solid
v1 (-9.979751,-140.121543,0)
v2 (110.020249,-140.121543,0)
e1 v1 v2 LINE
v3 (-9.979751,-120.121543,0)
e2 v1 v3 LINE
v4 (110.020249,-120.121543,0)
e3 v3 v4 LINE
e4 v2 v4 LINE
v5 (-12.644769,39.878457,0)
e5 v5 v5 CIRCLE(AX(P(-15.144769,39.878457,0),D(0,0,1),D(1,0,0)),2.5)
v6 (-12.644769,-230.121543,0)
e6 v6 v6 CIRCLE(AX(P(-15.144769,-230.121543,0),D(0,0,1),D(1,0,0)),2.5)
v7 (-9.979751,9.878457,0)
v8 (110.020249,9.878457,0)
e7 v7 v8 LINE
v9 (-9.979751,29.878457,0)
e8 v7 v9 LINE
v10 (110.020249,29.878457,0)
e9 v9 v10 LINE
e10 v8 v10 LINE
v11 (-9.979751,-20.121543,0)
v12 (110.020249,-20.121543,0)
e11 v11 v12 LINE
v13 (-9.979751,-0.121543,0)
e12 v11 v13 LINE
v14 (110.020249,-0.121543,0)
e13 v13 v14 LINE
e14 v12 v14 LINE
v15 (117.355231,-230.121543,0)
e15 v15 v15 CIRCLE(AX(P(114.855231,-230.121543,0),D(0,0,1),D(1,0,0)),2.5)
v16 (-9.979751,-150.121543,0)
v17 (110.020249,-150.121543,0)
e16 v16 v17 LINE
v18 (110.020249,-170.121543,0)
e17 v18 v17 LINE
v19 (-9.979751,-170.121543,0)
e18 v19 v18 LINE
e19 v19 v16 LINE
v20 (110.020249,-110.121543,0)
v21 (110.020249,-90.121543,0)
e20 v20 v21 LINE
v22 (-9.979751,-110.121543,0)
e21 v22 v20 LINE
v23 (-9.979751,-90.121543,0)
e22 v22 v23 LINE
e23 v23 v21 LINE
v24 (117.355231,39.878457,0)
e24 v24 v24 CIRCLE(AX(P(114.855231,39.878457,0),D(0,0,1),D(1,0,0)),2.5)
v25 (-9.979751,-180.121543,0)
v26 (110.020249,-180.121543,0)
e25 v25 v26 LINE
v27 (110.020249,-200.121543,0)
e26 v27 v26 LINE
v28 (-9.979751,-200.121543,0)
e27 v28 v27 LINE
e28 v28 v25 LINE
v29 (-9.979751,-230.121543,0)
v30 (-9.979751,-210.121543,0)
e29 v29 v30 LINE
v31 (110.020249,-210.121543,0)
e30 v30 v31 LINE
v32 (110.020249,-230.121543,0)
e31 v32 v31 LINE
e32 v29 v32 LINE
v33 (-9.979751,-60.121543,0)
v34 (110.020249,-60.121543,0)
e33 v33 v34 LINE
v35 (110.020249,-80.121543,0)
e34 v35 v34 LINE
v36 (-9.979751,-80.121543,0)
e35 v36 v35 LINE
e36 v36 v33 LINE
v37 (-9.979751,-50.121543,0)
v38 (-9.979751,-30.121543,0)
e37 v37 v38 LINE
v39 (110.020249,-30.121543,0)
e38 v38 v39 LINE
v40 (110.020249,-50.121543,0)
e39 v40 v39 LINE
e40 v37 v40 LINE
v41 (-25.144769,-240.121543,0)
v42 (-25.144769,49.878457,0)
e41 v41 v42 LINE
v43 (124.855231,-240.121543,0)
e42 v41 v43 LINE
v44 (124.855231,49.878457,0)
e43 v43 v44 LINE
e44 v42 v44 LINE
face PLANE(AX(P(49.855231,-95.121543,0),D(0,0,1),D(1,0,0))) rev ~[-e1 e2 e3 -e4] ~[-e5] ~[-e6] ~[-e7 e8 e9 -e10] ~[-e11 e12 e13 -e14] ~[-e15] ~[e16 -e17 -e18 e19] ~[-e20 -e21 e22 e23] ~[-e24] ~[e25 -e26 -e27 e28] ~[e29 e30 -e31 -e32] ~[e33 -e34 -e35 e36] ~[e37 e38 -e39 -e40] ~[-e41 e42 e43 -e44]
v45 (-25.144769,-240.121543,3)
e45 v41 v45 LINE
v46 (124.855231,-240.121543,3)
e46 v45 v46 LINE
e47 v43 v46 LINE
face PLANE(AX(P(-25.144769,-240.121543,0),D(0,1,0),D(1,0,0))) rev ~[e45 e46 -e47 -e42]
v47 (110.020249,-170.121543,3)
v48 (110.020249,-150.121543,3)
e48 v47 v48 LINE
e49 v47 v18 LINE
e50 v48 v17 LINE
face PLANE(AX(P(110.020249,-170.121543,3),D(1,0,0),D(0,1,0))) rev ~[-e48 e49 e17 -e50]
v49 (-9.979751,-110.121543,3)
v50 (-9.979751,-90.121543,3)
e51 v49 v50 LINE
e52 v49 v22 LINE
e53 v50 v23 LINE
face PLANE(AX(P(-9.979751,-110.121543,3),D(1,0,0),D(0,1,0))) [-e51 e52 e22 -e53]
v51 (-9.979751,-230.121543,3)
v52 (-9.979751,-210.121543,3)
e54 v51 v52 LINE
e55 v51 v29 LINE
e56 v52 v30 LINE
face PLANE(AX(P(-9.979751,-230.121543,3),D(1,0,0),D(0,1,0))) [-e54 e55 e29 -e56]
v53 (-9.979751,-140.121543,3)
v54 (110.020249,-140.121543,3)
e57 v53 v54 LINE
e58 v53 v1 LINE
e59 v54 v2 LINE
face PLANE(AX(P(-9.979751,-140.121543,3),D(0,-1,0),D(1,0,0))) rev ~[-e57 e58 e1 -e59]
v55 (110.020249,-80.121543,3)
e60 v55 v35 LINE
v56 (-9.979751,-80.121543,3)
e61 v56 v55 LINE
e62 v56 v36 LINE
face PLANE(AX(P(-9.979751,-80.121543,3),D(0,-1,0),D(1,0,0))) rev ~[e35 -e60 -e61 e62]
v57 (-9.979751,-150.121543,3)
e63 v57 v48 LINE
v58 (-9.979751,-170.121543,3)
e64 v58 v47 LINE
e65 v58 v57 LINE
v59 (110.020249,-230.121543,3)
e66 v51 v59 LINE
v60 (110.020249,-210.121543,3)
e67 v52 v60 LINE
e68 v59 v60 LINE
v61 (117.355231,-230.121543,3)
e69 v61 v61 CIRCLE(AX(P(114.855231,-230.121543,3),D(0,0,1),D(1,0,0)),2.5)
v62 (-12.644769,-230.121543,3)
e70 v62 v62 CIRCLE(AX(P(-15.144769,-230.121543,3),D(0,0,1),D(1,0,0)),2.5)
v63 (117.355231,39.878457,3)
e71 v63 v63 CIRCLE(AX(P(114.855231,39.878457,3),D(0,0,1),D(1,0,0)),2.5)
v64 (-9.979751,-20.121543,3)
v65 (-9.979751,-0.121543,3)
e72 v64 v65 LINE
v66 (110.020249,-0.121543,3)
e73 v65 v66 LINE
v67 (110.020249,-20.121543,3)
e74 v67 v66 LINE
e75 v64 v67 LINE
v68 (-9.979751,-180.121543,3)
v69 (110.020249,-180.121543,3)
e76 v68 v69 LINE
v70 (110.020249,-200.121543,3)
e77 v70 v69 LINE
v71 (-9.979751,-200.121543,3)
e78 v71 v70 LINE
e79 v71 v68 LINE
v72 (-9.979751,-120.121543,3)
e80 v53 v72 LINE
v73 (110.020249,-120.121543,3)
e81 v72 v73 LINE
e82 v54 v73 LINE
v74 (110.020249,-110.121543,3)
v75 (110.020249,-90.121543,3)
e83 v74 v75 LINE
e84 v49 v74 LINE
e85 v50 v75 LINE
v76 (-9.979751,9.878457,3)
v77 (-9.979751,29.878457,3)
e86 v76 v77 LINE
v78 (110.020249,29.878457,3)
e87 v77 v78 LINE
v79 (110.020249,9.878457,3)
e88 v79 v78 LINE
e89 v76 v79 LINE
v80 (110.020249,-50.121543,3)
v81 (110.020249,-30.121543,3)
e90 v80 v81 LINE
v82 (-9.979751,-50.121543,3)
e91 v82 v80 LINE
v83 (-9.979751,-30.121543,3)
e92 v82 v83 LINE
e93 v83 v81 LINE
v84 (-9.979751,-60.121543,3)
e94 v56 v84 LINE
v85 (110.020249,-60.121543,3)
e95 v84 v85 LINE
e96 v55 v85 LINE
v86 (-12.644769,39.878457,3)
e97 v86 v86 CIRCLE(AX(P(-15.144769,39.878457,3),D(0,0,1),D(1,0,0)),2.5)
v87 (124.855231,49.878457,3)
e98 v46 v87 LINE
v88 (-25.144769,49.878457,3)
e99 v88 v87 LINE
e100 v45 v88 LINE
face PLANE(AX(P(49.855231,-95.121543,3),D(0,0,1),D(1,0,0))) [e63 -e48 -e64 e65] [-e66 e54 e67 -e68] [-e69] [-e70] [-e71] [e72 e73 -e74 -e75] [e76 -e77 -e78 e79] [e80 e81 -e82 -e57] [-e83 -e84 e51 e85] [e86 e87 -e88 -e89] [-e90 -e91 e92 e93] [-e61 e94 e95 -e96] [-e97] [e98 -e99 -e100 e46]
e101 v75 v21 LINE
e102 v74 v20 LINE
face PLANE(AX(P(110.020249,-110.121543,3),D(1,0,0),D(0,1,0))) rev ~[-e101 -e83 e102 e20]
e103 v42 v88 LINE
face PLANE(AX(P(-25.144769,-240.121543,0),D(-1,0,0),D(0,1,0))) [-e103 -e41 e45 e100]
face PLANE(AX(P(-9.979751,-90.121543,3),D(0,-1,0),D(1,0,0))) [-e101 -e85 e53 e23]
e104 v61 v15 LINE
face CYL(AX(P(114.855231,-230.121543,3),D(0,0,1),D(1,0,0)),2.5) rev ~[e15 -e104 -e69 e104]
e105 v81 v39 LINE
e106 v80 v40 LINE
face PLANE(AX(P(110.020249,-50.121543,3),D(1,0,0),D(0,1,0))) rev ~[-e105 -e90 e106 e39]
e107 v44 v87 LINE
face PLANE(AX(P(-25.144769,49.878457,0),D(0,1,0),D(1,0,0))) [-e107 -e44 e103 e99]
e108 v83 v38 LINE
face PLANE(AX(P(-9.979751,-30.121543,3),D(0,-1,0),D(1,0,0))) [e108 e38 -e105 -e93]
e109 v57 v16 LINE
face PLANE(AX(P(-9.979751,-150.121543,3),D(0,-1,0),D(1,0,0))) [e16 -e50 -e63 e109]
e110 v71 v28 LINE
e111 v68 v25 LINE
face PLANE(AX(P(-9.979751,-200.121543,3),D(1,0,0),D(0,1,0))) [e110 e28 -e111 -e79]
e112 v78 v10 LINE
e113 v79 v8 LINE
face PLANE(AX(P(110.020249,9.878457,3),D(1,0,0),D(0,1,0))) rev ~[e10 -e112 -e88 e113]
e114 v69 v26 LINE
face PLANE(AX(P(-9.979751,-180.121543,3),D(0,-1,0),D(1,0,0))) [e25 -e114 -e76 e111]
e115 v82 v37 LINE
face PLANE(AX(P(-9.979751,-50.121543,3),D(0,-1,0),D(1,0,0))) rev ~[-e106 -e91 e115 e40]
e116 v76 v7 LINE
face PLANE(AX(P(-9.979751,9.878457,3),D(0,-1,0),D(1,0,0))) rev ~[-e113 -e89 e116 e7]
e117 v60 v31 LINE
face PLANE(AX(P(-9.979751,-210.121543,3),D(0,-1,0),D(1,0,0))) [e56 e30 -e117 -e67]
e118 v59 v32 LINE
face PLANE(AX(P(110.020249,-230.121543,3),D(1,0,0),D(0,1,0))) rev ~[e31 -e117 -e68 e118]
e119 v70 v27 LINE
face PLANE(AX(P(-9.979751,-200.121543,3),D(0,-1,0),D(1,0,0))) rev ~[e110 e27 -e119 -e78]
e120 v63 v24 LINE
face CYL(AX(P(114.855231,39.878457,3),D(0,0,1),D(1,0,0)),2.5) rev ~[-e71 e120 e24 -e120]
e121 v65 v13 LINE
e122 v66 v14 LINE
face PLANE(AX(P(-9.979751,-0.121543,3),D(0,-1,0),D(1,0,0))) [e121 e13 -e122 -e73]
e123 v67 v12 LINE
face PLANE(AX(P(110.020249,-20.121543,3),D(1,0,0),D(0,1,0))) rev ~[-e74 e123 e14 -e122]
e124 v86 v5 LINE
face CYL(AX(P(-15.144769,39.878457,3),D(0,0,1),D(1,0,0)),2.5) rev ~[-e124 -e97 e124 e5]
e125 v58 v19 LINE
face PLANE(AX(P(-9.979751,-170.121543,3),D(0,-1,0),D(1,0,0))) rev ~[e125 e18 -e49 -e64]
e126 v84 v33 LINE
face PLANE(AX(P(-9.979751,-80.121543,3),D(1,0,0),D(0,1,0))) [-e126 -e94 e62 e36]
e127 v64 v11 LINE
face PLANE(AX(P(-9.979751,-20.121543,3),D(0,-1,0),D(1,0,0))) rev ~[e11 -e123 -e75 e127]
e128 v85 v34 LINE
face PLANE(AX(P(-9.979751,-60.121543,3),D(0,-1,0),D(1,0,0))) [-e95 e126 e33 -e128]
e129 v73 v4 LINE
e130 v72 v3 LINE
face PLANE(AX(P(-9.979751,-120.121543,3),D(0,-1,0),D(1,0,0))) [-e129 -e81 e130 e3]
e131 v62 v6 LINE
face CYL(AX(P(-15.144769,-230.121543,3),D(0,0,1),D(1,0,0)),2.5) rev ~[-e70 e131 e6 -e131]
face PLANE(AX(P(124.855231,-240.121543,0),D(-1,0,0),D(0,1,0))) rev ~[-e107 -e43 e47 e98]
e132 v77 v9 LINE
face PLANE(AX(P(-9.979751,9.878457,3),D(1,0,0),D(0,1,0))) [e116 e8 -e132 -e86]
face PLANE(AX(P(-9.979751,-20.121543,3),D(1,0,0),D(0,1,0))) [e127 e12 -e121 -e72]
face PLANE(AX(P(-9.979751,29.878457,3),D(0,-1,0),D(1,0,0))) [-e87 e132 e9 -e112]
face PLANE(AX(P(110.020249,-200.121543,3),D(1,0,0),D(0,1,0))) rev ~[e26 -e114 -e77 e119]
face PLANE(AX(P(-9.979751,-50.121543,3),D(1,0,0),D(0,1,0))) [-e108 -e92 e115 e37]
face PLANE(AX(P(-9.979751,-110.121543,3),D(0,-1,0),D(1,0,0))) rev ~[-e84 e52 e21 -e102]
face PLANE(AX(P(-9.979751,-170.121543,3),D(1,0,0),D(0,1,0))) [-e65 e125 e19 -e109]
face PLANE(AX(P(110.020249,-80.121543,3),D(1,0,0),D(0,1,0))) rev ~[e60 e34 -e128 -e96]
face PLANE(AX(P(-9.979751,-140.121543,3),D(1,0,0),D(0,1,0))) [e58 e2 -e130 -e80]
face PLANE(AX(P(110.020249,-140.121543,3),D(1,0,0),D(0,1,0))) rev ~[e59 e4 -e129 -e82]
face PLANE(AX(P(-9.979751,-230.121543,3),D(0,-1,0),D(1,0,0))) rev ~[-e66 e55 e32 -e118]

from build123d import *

# Parameters (mm, degrees)
SKETCH_1_W             = 150
SKETCH_1_H             = 290
EXTRUDE_1_DEPTH        = 3
SKETCH_2_R             = 2.5
CUT_EXTRUDE_1_DEPTH    = 3
SKETCH_3_W             = 120
SKETCH_3_H             = 20
CUT_EXTRUDE_2_DEPTH    = 3
PATTERN_LINEAR_1_COUNT = 9
PATTERN_LINEAR_1_PITCH = 30


with BuildPart() as part:
    # 草图1 → 凸台-拉伸1 (new body)
    with BuildSketch(Plane.XY):
        with Locations((49.855231415, -95.12154255)):
            Rectangle(SKETCH_1_W, SKETCH_1_H)
    extrude(amount=EXTRUDE_1_DEPTH)

    # 草图2 → 切除-拉伸1 (cut)
    with BuildSketch(Plane.XY.offset(3)):
        with Locations((114.855231415, 39.87845745)):
            Circle(SKETCH_2_R)
        with Locations((114.855231415, -230.12154255)):
            Circle(SKETCH_2_R)
        with Locations((-15.144768585, 39.87845745)):
            Circle(SKETCH_2_R)
        with Locations((-15.144768585, -230.12154255)):
            Circle(SKETCH_2_R)
    extrude(amount=-CUT_EXTRUDE_1_DEPTH, mode=Mode.SUBTRACT)

    # 草图3 → 切除-拉伸2 (cut)
    with BuildSketch(Plane.XY.offset(3)):
        with Locations((50.020248586, 19.87845745)):
            Rectangle(SKETCH_3_W, SKETCH_3_H)
    cut_extrude_2 = extrude(amount=-CUT_EXTRUDE_2_DEPTH, mode=Mode.SUBTRACT)

    # 阵列(线性)1: 切除-拉伸2 ×9
    with Locations(*[(0, -i * PATTERN_LINEAR_1_PITCH, 0) for i in range(1, PATTERN_LINEAR_1_COUNT)]):
        add(cut_extrude_2, mode=Mode.SUBTRACT)


solid = part.part
